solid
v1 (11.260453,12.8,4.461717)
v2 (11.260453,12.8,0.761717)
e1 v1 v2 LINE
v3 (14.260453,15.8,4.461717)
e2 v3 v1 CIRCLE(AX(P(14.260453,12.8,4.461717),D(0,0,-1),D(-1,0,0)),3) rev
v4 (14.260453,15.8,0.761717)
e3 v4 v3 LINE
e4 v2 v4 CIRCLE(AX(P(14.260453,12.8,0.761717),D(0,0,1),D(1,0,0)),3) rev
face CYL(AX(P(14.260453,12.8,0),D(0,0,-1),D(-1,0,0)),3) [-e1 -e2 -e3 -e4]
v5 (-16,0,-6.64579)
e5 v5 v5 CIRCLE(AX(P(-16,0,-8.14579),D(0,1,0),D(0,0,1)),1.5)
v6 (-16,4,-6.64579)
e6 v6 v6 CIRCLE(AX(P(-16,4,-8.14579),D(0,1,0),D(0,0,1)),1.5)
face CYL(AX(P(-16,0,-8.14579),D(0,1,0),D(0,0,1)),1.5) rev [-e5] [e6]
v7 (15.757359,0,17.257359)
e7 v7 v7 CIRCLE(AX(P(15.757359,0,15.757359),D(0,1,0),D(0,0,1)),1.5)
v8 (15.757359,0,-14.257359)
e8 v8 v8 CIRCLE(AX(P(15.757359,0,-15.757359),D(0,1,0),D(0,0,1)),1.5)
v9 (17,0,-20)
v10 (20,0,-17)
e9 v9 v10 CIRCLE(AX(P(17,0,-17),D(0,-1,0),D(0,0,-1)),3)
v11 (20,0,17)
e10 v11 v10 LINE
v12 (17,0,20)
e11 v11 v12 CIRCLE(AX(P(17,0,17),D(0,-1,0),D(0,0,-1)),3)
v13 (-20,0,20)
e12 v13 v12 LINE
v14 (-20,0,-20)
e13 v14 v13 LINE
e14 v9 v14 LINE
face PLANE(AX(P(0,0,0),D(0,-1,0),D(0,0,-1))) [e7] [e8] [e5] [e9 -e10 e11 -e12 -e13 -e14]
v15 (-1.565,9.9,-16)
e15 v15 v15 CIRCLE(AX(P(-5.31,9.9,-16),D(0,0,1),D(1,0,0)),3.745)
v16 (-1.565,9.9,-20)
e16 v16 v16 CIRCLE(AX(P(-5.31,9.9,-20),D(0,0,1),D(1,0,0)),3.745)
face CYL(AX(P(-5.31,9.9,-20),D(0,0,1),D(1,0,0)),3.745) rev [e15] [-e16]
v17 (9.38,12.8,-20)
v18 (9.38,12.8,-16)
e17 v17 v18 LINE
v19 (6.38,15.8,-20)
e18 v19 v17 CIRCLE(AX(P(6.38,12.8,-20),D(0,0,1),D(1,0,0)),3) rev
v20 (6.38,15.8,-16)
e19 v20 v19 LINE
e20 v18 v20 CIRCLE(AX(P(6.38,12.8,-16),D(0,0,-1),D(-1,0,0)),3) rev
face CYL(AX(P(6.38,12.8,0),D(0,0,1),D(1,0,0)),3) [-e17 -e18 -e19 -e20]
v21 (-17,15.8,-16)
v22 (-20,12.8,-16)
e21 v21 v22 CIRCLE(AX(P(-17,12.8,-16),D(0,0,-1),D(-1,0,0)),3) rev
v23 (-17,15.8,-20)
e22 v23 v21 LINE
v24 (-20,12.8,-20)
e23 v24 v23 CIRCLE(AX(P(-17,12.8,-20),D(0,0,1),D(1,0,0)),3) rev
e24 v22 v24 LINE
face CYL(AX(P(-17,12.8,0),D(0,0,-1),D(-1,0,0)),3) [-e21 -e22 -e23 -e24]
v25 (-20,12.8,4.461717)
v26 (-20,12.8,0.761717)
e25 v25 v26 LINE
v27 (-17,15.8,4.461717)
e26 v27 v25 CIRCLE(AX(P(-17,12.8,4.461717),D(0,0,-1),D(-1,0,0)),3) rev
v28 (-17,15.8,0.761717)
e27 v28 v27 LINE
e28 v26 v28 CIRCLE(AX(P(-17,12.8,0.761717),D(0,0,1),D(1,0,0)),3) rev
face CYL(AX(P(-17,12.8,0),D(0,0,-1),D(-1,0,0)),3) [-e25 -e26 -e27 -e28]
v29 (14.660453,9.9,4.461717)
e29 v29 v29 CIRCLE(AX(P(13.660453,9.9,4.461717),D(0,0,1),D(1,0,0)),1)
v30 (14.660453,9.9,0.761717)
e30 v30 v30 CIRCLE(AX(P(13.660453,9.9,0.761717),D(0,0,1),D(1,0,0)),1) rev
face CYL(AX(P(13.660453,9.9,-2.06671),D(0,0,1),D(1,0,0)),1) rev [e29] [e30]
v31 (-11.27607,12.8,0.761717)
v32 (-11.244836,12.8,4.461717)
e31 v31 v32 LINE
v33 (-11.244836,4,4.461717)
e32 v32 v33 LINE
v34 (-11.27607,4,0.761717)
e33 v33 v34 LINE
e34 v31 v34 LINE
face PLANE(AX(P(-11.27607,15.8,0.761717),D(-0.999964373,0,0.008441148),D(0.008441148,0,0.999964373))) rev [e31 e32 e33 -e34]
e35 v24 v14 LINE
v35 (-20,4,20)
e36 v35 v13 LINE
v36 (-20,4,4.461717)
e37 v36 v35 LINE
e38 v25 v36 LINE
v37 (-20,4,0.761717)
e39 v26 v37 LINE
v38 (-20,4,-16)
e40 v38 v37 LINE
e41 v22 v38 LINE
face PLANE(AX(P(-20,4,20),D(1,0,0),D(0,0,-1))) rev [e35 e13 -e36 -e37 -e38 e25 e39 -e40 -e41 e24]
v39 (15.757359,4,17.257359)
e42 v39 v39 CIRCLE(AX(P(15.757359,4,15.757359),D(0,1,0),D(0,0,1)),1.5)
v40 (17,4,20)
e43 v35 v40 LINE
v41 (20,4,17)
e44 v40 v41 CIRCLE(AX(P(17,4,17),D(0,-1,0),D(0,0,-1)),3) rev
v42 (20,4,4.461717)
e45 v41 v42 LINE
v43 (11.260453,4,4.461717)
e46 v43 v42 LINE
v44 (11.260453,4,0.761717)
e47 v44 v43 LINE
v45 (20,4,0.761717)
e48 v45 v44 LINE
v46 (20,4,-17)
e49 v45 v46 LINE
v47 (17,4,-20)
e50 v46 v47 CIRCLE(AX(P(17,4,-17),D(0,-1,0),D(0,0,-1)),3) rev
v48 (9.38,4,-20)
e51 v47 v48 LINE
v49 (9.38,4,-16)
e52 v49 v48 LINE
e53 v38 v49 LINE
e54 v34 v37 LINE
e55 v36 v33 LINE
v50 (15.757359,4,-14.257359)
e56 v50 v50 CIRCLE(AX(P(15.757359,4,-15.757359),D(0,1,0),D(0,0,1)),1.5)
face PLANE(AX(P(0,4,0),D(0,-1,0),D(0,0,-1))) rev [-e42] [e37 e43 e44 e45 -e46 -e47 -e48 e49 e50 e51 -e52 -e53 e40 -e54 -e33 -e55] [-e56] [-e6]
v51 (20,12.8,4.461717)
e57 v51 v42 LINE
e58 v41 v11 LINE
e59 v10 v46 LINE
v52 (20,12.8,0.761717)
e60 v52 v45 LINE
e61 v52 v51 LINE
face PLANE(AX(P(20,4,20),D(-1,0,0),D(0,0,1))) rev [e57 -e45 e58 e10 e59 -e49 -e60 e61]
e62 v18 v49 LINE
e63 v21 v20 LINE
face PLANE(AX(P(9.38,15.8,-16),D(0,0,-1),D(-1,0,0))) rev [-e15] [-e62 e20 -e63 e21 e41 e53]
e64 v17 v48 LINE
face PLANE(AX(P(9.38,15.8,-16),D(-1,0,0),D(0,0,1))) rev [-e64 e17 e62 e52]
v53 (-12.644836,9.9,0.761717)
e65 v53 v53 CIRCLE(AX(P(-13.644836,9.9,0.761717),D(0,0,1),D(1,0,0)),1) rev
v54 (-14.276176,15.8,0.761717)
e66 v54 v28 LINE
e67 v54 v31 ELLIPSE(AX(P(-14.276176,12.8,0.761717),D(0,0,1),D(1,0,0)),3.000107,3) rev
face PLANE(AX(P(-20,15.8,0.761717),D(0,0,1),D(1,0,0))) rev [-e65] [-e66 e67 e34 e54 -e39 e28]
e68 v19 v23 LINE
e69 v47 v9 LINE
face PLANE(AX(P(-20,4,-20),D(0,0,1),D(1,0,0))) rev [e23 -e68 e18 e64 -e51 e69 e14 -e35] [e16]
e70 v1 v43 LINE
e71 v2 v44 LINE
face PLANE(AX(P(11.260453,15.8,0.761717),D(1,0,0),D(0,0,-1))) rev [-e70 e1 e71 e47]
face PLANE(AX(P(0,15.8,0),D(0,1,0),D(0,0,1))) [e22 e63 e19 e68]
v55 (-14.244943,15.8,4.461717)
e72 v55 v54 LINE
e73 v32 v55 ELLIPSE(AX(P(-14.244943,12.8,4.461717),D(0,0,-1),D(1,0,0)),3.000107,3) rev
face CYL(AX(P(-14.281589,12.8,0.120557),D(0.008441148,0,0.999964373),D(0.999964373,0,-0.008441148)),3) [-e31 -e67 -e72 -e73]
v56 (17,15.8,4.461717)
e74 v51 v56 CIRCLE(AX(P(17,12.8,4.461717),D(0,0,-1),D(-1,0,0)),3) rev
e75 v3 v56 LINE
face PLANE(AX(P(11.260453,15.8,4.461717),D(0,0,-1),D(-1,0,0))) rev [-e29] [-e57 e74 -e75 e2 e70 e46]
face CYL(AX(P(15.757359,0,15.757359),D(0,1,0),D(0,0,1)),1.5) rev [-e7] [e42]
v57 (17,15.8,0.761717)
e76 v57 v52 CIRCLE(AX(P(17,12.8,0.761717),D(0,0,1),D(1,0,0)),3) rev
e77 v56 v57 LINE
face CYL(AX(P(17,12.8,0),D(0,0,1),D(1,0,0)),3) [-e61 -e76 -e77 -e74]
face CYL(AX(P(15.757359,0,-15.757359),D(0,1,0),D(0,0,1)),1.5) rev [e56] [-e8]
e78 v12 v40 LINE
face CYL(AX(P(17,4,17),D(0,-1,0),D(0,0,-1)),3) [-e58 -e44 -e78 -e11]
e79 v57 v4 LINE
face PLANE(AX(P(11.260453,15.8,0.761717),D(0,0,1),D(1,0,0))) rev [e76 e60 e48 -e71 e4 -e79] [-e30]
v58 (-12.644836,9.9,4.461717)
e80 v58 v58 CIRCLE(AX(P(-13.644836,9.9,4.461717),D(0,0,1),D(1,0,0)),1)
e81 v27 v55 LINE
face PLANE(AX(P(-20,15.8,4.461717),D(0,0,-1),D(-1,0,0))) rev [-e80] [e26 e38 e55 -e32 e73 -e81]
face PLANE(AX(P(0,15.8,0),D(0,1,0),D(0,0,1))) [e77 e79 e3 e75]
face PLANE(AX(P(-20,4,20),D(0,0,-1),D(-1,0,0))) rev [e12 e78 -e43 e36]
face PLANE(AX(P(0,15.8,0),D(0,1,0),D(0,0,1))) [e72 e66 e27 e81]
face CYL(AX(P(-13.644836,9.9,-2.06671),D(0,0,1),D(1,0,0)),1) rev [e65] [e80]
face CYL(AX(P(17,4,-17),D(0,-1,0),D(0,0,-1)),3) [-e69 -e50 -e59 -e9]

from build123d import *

# Parameters (mm, degrees)
SKETCH1_W           = 40
SKETCH1_H           = 40
BOSS_EXTRUDE1_DEPTH = 4
SKETCH2_W           = 8.739547094
SKETCH2_H           = 3.7
BOSS_EXTRUDE2_DEPTH = 11.8
BOSS_EXTRUDE3_DEPTH = 11.8
SKETCH4_R           = 3.745
CUT_EXTRUDE1_DEPTH  = 5
SKETCH5_R           = 1
CUT_EXTRUDE2_DEPTH  = 3.7
SKETCH6_R           = 1.5
CUT_EXTRUDE3_DEPTH  = 5
FILLET1_R           = 3
FILLET2_R           = 3


with BuildPart() as part:
    # Sketch1 → Boss-Extrude1 (new body)
    with BuildSketch(Plane(origin=(0, 0, 0), x_dir=(1, 0, 0), z_dir=(0, 1, 0))):
        Rectangle(SKETCH1_W, SKETCH1_H)
    extrude(amount=BOSS_EXTRUDE1_DEPTH)

    # Sketch2 → Boss-Extrude2 (add)
    with BuildSketch(Plane(origin=(0, 4, 0), x_dir=(1, 0, 0), z_dir=(0, 1, 0))):
        Polygon((-20, -0.761716699), (-11.276069587, -0.761716699), (-11.244836225, -4.461716699), (-20, -4.461716699), align=None)
        with Locations((15.630226453, -2.611716699)):
            Rectangle(SKETCH2_W, SKETCH2_H)
    extrude(amount=BOSS_EXTRUDE2_DEPTH)

    # Sketch3 → Boss-Extrude3 (add)
    with BuildSketch(Plane(origin=(0, 4, 0), x_dir=(1, 0, 0), z_dir=(0, 1, 0))):
        Polygon((9.38, 16), (-5.31, 16), (-20, 16), (-20, 20), (-5.31, 20), (9.38, 20), align=None)
    extrude(amount=BOSS_EXTRUDE3_DEPTH)

    # Sketch4 → Cut-Extrude1 (cut, through all)
    with BuildSketch(Plane.XY.offset(-16)):
        with Locations((-5.31, 9.9)):
            Circle(SKETCH4_R)
    extrude(amount=-CUT_EXTRUDE1_DEPTH, mode=Mode.SUBTRACT)

    # Sketch5 → Cut-Extrude2 (cut)
    with BuildSketch(Plane.XY.offset(4.461716699)):
        with Locations((-13.644836225, 9.9)):
            Circle(SKETCH5_R)
        with Locations((13.660452906, 9.9)):
            Circle(SKETCH5_R)
    extrude(amount=-CUT_EXTRUDE2_DEPTH, mode=Mode.SUBTRACT)

    # Sketch6 → Cut-Extrude3 (cut, through all)
    with BuildSketch(Plane(origin=(0, 4, 0), x_dir=(1, 0, 0), z_dir=(0, 1, 0))):
        with Locations((15.757359313, 15.757359313)):
            Circle(SKETCH6_R)
        with Locations((15.757359313, -15.757359313)):
            Circle(SKETCH6_R)
        with Locations((-16, 8.145789662)):
            Circle(SKETCH6_R)
    extrude(amount=-CUT_EXTRUDE3_DEPTH, mode=Mode.SUBTRACT)

    # Fillet1
    fillet1_edges = [part.edges().sort_by_distance(p)[0] for p in [
        (-11.260452906, 15.8, 2.611716699),
        (-20, 15.8, 2.611716699),
        (20, 15.8, 2.611716699),
        (11.260452906, 15.8, 2.611716699),
        (9.38, 15.8, -18),
        (-20, 15.8, -18),
    ]]
    fillet(fillet1_edges, radius=FILLET1_R)

    # Fillet2
    fillet2_edges = [part.edges().sort_by_distance(p)[0] for p in [
        (20, 2, 20),
        (20, 2, -20),
    ]]
    fillet(fillet2_edges, radius=FILLET2_R)


solid = part.part
